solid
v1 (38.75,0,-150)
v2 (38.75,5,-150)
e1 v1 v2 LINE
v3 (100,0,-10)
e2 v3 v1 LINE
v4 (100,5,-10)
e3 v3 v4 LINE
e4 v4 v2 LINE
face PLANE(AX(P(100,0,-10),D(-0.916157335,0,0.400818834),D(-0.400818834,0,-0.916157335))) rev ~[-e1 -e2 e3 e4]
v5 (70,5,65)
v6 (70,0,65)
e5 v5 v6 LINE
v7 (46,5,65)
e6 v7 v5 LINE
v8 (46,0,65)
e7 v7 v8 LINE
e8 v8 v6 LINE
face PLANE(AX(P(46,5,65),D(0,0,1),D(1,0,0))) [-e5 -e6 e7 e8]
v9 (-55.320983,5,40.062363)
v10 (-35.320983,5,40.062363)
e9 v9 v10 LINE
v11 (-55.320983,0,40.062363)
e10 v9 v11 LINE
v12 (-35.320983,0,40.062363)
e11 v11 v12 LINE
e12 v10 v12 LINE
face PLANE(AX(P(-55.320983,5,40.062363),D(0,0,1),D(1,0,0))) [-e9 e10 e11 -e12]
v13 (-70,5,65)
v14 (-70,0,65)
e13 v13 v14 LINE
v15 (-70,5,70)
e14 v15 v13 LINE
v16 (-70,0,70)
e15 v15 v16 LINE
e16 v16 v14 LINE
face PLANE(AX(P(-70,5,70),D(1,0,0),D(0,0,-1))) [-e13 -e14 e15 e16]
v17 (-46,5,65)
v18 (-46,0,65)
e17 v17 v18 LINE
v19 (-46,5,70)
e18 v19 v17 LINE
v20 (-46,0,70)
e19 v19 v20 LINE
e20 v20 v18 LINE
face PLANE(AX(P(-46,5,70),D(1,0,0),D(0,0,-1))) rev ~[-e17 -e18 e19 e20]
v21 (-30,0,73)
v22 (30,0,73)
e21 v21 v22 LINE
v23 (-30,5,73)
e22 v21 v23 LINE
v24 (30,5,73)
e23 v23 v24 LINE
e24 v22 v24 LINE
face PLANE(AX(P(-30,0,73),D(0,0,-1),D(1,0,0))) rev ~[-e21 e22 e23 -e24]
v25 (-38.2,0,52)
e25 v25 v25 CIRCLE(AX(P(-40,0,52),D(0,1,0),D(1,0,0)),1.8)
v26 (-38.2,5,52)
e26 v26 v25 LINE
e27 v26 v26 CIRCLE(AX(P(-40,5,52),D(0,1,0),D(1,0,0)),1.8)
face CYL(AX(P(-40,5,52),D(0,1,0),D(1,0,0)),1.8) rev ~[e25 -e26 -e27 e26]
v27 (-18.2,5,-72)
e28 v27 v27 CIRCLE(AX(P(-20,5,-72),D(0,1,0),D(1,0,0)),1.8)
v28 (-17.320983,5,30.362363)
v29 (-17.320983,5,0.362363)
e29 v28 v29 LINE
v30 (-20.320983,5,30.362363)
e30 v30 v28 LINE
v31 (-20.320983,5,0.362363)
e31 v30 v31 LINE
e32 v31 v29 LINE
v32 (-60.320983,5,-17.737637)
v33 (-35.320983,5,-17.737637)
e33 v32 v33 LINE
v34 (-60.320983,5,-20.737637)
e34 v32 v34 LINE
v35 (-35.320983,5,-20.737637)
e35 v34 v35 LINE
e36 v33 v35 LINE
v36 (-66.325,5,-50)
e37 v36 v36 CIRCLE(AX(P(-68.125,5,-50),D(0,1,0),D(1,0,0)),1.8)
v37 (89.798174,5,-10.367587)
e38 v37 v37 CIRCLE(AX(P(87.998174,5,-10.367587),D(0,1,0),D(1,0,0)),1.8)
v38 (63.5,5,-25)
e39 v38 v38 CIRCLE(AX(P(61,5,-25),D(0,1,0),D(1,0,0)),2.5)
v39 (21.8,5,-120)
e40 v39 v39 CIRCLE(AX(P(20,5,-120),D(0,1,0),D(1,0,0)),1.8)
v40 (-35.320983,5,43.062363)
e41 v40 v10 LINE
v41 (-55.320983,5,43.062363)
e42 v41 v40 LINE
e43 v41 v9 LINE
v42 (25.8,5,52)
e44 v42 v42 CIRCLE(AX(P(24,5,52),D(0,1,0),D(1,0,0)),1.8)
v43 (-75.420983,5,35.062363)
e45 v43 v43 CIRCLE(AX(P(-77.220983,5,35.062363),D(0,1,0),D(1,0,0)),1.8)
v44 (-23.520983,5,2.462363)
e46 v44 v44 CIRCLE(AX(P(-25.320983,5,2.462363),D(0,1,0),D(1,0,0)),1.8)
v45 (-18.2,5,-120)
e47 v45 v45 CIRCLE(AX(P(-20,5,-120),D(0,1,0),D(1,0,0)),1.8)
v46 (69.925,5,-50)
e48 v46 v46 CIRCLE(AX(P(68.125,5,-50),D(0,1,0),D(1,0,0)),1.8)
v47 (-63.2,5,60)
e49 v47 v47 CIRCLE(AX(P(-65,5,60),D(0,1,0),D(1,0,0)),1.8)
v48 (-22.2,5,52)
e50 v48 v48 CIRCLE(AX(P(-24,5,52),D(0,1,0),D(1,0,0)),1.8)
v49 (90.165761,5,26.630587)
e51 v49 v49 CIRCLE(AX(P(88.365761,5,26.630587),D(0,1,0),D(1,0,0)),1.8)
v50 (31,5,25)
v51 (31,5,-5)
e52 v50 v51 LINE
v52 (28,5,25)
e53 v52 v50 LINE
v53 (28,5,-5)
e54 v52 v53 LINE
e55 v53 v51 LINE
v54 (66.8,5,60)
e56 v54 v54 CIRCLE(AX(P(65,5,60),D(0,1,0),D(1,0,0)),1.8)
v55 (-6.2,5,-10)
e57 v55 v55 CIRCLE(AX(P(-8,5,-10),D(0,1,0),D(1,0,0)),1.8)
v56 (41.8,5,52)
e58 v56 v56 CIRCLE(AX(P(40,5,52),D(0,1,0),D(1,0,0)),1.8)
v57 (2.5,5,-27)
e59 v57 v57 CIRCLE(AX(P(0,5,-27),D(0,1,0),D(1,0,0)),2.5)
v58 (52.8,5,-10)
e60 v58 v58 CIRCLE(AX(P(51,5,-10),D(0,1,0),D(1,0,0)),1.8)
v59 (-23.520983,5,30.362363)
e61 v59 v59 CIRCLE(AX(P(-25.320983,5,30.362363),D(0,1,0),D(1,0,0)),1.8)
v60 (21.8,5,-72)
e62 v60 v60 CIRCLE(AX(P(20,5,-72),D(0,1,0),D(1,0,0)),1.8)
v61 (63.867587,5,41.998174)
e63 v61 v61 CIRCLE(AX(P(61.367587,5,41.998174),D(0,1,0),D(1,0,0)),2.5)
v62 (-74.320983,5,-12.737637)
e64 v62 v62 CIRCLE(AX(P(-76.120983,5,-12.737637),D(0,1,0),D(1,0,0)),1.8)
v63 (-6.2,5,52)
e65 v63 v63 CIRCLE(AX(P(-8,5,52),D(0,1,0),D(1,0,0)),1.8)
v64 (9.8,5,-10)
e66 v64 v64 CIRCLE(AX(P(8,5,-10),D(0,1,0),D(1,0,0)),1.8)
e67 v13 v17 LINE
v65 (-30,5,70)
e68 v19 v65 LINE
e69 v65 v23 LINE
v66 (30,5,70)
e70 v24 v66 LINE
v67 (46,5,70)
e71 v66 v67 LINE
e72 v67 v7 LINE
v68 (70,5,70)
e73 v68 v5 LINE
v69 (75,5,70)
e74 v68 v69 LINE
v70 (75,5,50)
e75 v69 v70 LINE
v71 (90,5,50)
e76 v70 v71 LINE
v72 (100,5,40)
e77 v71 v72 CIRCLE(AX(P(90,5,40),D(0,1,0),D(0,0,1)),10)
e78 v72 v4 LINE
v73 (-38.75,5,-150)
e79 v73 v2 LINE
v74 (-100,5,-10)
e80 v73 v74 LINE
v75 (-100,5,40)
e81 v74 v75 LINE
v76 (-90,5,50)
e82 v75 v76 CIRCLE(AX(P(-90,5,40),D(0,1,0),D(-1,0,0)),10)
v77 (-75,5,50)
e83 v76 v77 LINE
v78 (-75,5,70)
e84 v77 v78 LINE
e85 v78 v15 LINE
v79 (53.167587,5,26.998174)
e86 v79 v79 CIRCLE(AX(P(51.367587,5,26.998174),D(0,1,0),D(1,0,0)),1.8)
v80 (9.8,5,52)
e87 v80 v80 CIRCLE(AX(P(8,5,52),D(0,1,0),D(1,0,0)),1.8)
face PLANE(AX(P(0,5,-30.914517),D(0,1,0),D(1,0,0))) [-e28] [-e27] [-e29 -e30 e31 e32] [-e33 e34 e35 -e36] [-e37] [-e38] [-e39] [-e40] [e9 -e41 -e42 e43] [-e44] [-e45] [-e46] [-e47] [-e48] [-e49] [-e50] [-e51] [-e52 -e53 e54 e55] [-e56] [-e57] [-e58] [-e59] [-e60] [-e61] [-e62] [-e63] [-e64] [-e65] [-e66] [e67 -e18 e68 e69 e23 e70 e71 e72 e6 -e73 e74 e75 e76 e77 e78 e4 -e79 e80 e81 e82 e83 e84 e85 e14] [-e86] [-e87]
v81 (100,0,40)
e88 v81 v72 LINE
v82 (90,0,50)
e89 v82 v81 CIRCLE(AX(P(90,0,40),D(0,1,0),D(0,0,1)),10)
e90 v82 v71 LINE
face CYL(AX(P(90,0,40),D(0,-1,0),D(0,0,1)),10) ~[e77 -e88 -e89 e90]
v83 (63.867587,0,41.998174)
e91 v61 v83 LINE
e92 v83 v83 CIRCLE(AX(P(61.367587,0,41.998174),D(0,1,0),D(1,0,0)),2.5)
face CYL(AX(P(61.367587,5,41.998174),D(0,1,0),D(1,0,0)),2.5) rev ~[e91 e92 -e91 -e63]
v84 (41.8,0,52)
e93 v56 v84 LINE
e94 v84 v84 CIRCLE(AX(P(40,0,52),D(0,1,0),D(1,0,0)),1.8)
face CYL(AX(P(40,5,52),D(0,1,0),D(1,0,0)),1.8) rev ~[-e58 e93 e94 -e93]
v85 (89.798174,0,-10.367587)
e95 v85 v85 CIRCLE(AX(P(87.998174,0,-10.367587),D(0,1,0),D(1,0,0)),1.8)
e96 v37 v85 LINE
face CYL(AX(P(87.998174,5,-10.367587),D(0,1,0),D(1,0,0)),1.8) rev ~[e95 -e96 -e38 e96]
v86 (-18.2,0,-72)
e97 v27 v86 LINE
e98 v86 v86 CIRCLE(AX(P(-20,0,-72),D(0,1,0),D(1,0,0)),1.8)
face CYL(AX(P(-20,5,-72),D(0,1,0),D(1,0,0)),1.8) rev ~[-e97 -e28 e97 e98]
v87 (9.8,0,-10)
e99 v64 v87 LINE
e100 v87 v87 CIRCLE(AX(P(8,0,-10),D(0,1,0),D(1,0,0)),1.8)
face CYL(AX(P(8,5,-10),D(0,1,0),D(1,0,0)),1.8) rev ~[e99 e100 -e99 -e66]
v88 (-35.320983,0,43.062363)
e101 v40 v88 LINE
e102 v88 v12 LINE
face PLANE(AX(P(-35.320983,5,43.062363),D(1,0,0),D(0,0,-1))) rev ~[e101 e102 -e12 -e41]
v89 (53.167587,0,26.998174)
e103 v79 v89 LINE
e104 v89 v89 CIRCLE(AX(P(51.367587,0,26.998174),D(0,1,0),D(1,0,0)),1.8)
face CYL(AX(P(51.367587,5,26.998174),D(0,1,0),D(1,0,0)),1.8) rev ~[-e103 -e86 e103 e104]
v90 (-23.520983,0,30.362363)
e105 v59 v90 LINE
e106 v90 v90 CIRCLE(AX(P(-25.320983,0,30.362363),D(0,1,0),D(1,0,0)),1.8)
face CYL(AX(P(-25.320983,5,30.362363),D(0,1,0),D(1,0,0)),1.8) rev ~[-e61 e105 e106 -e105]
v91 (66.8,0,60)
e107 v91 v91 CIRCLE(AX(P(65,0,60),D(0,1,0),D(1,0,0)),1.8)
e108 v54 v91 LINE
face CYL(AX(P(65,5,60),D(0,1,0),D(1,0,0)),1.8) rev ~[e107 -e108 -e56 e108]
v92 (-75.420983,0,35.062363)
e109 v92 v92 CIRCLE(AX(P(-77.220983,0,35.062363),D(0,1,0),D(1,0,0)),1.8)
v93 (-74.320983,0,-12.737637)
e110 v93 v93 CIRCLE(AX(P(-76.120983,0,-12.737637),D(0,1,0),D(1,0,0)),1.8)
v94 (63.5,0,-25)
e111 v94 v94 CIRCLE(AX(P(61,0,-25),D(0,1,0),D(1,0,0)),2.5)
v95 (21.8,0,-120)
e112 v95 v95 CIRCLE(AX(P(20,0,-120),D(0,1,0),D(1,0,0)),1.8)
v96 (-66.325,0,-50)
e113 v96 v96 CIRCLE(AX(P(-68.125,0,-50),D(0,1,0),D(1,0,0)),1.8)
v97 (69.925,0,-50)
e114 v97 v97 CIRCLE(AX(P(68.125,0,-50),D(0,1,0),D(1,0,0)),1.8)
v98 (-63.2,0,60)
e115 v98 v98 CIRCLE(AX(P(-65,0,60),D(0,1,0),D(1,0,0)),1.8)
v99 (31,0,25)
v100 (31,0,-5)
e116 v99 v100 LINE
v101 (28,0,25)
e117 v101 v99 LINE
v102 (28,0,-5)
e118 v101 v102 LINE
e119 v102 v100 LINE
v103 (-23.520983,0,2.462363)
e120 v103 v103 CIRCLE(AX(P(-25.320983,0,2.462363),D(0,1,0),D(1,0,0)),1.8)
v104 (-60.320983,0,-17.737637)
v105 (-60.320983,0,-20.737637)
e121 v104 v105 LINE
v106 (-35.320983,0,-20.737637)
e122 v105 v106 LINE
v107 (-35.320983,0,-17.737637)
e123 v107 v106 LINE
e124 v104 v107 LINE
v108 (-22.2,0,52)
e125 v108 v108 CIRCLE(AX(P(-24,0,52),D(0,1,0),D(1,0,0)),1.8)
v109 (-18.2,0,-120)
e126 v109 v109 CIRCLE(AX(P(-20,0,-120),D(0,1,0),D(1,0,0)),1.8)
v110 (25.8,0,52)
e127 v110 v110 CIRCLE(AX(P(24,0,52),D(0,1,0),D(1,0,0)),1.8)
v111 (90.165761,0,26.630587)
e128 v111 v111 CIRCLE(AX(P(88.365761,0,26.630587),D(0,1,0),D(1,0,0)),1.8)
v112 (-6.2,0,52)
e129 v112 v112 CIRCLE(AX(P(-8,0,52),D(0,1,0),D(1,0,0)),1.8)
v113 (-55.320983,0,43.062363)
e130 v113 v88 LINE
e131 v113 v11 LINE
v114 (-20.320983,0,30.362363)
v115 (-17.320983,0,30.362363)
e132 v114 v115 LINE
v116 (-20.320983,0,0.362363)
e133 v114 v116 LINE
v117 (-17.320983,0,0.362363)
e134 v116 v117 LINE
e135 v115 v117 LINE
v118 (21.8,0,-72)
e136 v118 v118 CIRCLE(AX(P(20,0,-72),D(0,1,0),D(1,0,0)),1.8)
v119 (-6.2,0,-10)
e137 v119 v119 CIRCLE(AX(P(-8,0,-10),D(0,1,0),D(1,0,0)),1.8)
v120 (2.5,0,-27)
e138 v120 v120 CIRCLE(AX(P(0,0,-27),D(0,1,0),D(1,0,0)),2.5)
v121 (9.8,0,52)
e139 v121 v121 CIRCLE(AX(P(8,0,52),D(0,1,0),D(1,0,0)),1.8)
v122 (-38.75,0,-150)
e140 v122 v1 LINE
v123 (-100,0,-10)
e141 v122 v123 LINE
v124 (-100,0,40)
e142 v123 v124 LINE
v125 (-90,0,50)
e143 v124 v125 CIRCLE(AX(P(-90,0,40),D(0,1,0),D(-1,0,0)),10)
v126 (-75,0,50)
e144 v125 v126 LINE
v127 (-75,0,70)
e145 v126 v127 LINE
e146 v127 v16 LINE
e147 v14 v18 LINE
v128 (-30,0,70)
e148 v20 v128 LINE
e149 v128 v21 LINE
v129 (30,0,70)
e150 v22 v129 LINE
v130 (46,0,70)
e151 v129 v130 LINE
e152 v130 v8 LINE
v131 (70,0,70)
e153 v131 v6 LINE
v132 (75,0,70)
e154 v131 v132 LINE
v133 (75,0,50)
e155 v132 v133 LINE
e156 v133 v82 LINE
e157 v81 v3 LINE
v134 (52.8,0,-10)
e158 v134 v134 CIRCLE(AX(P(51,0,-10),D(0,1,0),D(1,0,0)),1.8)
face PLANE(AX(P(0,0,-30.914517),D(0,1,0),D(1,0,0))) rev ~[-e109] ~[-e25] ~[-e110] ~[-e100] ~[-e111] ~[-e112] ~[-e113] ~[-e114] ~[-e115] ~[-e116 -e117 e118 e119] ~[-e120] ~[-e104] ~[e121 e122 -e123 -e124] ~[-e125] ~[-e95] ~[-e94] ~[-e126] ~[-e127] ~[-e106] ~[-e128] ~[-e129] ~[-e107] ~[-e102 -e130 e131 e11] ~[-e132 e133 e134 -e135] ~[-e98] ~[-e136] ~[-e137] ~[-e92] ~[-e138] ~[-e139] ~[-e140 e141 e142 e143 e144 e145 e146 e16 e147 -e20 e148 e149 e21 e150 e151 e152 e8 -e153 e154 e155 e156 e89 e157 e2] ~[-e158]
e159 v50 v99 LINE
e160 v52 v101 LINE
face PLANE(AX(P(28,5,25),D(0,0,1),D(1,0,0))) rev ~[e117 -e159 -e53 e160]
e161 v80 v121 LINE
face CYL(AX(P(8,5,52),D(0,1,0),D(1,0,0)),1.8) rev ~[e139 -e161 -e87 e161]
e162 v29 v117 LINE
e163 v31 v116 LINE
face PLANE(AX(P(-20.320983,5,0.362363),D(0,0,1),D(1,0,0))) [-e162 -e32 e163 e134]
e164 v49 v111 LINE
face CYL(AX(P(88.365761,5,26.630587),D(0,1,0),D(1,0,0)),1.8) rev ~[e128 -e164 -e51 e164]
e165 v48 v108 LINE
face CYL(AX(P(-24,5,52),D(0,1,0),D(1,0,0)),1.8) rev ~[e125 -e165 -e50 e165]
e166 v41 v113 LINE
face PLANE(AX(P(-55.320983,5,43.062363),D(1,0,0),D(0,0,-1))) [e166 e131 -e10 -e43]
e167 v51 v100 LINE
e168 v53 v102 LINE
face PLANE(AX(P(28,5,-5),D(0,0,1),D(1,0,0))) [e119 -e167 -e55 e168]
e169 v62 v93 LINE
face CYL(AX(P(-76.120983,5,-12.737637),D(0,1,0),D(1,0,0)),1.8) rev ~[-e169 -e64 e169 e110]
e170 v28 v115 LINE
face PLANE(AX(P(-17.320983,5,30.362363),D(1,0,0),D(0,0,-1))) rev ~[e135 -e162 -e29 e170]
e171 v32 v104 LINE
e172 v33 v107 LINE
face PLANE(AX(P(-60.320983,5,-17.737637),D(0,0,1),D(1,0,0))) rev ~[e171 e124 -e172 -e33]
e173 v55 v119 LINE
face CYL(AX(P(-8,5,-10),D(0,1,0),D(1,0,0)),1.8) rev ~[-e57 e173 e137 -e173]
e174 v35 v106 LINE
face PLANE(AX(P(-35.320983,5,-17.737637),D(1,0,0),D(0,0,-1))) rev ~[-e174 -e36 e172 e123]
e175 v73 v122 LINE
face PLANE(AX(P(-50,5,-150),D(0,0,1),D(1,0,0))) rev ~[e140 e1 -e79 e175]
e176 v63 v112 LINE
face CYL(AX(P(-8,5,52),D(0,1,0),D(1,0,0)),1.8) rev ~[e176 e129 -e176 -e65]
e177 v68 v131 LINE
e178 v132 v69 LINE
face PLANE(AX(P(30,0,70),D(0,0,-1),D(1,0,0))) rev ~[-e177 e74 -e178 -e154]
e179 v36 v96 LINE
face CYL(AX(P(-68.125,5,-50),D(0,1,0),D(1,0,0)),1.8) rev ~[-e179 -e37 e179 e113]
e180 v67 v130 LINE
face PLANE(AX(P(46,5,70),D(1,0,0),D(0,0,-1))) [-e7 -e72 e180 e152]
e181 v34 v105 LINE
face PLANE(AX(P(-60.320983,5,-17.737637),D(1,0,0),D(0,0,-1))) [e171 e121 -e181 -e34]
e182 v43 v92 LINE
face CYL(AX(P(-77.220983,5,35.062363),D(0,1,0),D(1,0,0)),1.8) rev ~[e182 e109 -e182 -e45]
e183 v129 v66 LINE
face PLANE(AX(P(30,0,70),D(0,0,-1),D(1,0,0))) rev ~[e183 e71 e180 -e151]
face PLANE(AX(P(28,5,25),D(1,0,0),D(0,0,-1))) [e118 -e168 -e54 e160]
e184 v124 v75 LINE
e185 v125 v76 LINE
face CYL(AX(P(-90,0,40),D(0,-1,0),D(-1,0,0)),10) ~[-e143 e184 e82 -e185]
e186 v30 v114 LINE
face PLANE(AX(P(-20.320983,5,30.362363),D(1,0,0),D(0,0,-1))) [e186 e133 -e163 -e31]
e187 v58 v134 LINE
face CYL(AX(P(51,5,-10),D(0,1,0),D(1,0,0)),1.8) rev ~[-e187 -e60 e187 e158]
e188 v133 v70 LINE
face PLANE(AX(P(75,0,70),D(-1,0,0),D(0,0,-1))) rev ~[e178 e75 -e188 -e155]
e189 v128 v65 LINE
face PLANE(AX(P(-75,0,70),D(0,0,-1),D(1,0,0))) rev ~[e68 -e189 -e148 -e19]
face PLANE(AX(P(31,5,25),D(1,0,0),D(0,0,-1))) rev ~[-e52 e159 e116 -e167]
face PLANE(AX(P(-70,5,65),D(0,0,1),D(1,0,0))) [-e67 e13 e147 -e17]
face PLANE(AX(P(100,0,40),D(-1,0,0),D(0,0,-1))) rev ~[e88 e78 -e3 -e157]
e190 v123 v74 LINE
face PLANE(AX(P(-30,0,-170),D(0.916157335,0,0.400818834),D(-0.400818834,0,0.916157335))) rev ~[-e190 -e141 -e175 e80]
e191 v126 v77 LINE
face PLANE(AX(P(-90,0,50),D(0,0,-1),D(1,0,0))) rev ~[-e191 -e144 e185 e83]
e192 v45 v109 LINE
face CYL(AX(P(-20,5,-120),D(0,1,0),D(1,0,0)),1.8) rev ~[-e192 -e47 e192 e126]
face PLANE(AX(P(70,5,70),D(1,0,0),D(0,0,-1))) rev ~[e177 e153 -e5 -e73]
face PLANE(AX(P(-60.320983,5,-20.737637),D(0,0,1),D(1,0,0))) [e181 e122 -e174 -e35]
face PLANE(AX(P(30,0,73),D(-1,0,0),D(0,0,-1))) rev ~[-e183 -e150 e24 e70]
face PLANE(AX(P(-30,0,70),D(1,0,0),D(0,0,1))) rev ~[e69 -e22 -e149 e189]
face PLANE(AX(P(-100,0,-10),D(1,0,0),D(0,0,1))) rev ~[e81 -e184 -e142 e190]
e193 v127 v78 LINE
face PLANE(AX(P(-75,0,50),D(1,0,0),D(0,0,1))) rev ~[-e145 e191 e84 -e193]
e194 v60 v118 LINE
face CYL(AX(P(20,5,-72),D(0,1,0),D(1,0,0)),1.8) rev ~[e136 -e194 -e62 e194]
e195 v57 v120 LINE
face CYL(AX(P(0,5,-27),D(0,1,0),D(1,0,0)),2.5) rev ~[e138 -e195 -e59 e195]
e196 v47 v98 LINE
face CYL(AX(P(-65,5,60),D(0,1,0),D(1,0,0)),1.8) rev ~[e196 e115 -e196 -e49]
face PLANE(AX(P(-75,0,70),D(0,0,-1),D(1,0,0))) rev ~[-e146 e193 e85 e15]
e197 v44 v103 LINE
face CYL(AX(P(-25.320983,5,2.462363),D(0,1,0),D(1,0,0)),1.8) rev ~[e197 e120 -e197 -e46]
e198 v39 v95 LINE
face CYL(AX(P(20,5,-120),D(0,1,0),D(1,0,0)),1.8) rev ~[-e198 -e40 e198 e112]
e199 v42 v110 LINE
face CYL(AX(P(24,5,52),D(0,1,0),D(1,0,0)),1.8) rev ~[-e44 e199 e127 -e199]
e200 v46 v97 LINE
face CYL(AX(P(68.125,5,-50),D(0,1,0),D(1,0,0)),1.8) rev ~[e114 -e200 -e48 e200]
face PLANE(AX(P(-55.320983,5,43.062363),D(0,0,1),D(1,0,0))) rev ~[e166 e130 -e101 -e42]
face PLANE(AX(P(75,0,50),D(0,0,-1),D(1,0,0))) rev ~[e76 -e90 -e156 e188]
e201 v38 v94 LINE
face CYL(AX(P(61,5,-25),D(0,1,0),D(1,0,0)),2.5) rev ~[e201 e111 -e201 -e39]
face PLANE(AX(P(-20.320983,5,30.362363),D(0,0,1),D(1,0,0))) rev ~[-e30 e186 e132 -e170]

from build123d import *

# Parameters (mm, degrees)
BOSS_EXTRUDE1_DEPTH = 5
SKETCH3_R           = 1.8
SKETCH3_W           = 20
SKETCH3_H           = 3
SKETCH3_W_2         = 25
SKETCH3_W_3         = 3
SKETCH3_H_2         = 30
ARDUINO_DEPTH       = 6
SKETCH6_R           = 1.8
CUT_EXTRUDE4_DEPTH  = 6
SKETCH8_R           = 1.8
CUT_EXTRUDE5_DEPTH  = 10
SKETCH9_R           = 1.8
SKETCH9_R_2         = 2.5
SKETCH9_W           = 3
SKETCH9_H           = 30
L298N_DEPTH         = 10
SKETCH11_W          = 24
SKETCH11_H          = 5
CUT_EXTRUDE7_DEPTH  = 10
SKETCH12_W          = 100
SKETCH12_H          = 20
CUT_EXTRUDE8_DEPTH  = 10


with BuildPart() as part:
    # Sketch1 → Boss-Extrude1 (new body)
    with BuildSketch(Plane(origin=(0, 0, 0), x_dir=(1, 0, 0), z_dir=(0, 1, 0))):
        with BuildLine():
            Line((100, -40), (100, 10))
            Line((100, 10), (30, 170))
            Line((30, 170), (-30, 170))
            Line((-30, 170), (-100, 10))
            Line((-100, 10), (-100, -40))
            ThreePointArc((-100, -40), (-97.071067812, -47.071067812), (-90, -50))
            Line((-90, -50), (-75, -50))
            Line((-75, -50), (-75, -70))
            Line((-75, -70), (-30, -70))
            Line((-30, -70), (-30, -73))
            Line((-30, -73), (30, -73))
            Line((30, -73), (30, -70))
            Line((30, -70), (75, -70))
            Line((75, -70), (75, -50))
            Line((75, -50), (90, -50))
            ThreePointArc((90, -50), (97.071067812, -47.071067812), (100, -40))
        make_face()
    extrude(amount=BOSS_EXTRUDE1_DEPTH)

    # Sketch3 → arduino (cut, through all)
    with BuildSketch(Plane(origin=(0, 5, 0), x_dir=(1, 0, 0), z_dir=(0, 1, 0))):
        with Locations((-76.120983048, 12.737637313)):
            Circle(SKETCH3_R)
        with Locations((-77.220983048, -35.062362687)):
            Circle(SKETCH3_R)
        with Locations((-25.320983048, -2.462362687)):
            Circle(SKETCH3_R)
        with Locations((-25.320983048, -30.362362687)):
            Circle(SKETCH3_R)
        with Locations((-45.320983048, -41.562362687)):
            Rectangle(SKETCH3_W, SKETCH3_H)
        with Locations((-47.820983048, 19.237637313)):
            Rectangle(SKETCH3_W_2, SKETCH3_H)
        with Locations((-18.820983048, -15.362362687)):
            Rectangle(SKETCH3_W_3, SKETCH3_H_2)
    extrude(amount=-ARDUINO_DEPTH, mode=Mode.SUBTRACT)

    # Sketch6 → Cut-Extrude4 (cut, through all)
    with BuildSketch(Plane(origin=(0, 5, 0), x_dir=(1, 0, 0), z_dir=(0, 1, 0))):
        with Locations((20, 120)):
            Circle(SKETCH6_R)
        with Locations((-20, 120)):
            Circle(SKETCH6_R)
    extrude(amount=-CUT_EXTRUDE4_DEPTH, mode=Mode.SUBTRACT)

    # Sketch8 → Cut-Extrude5 (cut)
    with BuildSketch(Plane(origin=(0, 5, 0), x_dir=(1, 0, 0), z_dir=(0, 1, 0))):
        with Locations((8, 10)):
            Circle(SKETCH8_R)
        with Locations((-8, 10)):
            Circle(SKETCH8_R)
        with Locations((-65, -60)):
            Circle(SKETCH8_R)
        with Locations((65, -60)):
            Circle(SKETCH8_R)
        with Locations((8, -52)):
            Circle(SKETCH8_R)
        with Locations((24, -52)):
            Circle(SKETCH8_R)
        with Locations((40, -52)):
            Circle(SKETCH8_R)
        with Locations((-8, -52)):
            Circle(SKETCH8_R)
        with Locations((-40, -52)):
            Circle(SKETCH8_R)
        with Locations((-24, -52)):
            Circle(SKETCH8_R)
    extrude(amount=-CUT_EXTRUDE5_DEPTH, mode=Mode.SUBTRACT)

    # Sketch9 → l298n (cut)
    with BuildSketch(Plane(origin=(0, 5, 0), x_dir=(1, 0, 0), z_dir=(0, 1, 0))):
        with Locations((20, 72)):
            Circle(SKETCH9_R)
        with Locations((-20, 72)):
            Circle(SKETCH9_R)
        with Locations((51, 10)):
            Circle(SKETCH9_R)
        with Locations((87.998174007, 10.367586933)):
            Circle(SKETCH9_R)
        with Locations((88.36576094, -26.630587074)):
            Circle(SKETCH9_R)
        with Locations((51.367586933, -26.998174007)):
            Circle(SKETCH9_R)
        with Locations((-68.125, 50)):
            Circle(SKETCH9_R)
        with Locations((68.125, 50)):
            Circle(SKETCH9_R)
        with Locations((61, 25)):
            Circle(SKETCH9_R_2)
        with Locations((61.367586933, -41.998174007)):
            Circle(SKETCH9_R_2)
        with Locations((0, 27)):
            Circle(SKETCH9_R_2)
        with Locations((29.5, -10)):
            Rectangle(SKETCH9_W, SKETCH9_H)
    extrude(amount=-L298N_DEPTH, mode=Mode.SUBTRACT)

    # Sketch11 → Cut-Extrude7 (cut)
    with BuildSketch(Plane(origin=(0, 5, 0), x_dir=(1, 0, 0), z_dir=(0, 1, 0))):
        with Locations((-58, -67.5)):
            Rectangle(SKETCH11_W, SKETCH11_H)
        with Locations((58, -67.5)):
            Rectangle(SKETCH11_W, SKETCH11_H)
    extrude(amount=-CUT_EXTRUDE7_DEPTH, mode=Mode.SUBTRACT)

    # Sketch12 → Cut-Extrude8 (cut)
    with BuildSketch(Plane(origin=(0, 5, 0), x_dir=(1, 0, 0), z_dir=(0, 1, 0))):
        with Locations((0, 160)):
            Rectangle(SKETCH12_W, SKETCH12_H)
    extrude(amount=-CUT_EXTRUDE8_DEPTH, mode=Mode.SUBTRACT)


solid = part.part
